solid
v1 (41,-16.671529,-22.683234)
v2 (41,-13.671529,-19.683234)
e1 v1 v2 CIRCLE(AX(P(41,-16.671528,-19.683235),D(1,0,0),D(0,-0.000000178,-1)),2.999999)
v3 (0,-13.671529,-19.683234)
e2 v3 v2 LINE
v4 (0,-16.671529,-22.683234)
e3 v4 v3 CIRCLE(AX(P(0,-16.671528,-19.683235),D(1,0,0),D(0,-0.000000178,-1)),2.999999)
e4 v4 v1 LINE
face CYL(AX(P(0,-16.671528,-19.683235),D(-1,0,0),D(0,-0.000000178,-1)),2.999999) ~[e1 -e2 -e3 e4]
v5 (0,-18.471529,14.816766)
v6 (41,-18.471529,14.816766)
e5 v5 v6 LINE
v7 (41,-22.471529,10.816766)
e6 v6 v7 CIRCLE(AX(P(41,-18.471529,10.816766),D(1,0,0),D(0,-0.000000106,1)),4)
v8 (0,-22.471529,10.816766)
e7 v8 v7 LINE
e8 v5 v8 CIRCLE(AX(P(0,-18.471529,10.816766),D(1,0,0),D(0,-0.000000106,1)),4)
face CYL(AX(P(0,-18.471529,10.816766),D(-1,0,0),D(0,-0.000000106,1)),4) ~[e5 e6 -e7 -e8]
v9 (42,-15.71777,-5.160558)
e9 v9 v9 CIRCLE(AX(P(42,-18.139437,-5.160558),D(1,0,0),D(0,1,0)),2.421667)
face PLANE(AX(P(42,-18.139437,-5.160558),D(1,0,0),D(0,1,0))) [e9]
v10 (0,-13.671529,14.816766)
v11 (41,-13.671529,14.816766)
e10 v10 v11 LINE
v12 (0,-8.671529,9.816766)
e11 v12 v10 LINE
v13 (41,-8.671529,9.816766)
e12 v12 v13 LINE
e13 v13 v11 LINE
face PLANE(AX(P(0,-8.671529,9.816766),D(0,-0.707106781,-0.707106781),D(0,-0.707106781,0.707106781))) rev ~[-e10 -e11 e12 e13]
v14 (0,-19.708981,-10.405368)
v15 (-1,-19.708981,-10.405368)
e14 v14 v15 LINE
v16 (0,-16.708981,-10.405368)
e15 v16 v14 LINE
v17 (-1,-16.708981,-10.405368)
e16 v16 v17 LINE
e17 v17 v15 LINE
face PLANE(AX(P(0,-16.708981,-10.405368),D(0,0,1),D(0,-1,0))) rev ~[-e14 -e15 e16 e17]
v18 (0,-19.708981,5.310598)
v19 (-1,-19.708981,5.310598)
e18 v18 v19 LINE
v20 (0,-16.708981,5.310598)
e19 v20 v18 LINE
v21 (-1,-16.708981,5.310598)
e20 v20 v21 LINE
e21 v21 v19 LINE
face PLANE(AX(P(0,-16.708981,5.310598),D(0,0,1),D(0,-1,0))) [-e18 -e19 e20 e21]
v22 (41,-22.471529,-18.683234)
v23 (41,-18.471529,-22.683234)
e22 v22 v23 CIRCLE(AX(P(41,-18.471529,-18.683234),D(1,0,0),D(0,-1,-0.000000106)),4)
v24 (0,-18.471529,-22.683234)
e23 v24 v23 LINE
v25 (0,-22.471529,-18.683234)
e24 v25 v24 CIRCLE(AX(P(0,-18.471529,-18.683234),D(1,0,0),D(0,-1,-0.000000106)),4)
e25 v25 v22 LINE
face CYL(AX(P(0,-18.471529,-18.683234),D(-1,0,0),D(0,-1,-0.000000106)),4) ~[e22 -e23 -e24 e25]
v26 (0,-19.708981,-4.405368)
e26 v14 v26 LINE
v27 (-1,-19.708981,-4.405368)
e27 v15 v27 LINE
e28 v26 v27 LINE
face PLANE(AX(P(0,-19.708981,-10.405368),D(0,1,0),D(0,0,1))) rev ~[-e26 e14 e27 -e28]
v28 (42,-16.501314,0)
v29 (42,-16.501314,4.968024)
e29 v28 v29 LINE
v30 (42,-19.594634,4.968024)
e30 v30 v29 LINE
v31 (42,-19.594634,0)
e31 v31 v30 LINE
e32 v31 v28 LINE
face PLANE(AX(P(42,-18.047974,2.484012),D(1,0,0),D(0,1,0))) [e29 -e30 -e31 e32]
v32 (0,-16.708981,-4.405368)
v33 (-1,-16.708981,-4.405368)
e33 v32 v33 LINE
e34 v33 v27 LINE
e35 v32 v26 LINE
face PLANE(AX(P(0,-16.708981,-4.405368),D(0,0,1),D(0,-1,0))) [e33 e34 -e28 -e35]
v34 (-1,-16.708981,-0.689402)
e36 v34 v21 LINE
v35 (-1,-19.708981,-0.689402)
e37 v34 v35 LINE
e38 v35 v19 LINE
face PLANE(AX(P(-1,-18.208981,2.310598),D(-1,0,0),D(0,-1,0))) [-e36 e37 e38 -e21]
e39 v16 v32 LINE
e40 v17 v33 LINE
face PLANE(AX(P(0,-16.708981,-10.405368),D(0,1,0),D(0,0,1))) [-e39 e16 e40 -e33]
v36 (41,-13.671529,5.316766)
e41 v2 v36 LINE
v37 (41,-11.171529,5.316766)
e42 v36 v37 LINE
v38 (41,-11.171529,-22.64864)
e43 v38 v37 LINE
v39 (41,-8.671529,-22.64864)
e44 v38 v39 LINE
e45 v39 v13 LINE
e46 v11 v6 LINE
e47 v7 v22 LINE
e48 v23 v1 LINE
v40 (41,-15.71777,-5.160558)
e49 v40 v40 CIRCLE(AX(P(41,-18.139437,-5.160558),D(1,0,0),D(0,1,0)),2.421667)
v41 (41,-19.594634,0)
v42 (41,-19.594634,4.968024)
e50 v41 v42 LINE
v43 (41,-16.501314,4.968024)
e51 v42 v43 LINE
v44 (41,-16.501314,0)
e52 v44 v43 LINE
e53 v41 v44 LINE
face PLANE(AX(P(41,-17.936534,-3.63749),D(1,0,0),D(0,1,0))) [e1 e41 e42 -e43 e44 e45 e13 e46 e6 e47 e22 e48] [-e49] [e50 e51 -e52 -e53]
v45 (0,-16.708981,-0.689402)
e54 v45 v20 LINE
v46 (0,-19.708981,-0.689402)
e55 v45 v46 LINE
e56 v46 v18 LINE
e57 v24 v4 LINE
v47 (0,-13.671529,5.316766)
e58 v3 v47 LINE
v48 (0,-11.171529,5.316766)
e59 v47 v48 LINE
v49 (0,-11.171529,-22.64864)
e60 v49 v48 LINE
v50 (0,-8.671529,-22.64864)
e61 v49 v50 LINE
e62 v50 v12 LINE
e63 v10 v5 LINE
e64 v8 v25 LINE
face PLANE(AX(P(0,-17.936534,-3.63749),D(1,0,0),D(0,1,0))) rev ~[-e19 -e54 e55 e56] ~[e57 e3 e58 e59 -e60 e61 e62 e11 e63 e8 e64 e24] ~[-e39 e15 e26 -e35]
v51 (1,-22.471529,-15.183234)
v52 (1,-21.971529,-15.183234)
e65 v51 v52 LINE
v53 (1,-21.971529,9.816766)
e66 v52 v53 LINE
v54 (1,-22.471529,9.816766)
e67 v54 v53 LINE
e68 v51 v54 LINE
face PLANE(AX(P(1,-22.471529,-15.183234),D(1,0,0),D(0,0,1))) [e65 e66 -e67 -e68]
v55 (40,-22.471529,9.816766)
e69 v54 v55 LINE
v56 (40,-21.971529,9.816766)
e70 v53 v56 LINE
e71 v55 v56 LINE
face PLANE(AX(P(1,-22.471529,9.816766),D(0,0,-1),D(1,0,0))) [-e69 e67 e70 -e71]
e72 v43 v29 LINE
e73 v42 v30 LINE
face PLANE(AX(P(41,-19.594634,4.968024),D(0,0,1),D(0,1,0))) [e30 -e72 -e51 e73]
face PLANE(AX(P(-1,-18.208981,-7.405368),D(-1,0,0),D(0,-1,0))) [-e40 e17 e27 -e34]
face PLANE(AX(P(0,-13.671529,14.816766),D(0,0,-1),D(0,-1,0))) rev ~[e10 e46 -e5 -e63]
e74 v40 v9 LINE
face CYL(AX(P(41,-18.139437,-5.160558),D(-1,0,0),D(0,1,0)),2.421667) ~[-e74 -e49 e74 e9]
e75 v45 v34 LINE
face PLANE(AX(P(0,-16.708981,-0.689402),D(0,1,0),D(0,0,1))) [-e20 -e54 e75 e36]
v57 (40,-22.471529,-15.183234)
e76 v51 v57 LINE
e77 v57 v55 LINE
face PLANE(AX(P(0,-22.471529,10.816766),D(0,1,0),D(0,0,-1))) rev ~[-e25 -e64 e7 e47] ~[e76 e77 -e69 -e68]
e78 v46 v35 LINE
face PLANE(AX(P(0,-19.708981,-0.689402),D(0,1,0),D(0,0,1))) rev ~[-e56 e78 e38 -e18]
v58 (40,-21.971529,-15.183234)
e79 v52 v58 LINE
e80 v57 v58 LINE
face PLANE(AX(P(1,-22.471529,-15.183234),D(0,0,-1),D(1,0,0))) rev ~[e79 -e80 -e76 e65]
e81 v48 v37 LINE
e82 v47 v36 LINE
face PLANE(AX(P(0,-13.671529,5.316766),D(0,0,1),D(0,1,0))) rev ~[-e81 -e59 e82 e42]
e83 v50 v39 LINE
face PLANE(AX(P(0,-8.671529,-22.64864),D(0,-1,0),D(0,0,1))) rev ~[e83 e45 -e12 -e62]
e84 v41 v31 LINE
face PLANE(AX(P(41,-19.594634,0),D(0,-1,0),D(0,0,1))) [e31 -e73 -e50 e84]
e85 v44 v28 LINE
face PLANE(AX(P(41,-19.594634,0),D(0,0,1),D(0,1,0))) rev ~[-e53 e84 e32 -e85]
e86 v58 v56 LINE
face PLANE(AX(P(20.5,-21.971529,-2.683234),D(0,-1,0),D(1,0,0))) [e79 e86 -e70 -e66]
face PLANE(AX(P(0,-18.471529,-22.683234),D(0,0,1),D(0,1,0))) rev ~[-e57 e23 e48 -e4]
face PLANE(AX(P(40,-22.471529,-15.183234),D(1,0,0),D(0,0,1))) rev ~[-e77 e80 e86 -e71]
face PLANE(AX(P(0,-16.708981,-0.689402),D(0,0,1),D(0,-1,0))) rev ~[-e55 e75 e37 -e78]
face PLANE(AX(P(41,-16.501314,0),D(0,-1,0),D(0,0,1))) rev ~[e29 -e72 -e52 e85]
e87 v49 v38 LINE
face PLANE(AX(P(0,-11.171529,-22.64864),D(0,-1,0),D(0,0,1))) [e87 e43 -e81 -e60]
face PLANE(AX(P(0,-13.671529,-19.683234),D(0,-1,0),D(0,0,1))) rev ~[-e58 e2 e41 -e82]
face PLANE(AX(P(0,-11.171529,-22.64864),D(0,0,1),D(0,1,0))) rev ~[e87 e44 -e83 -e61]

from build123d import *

# Parameters (mm, degrees)
F0_W     = 2.5
F0_H     = 27.965406
F1_DEPTH = 41
F2_W     = 3.093319
F2_H     = 4.968024
F2_R     = 2.421667
F3_DEPTH = 1
F4_W     = 3
F4_H     = 6
F5_DEPTH = 1
F6_W     = 39
F6_H     = 25
F7_DEPTH = 0.5


with BuildPart() as f1:
    # F0 (on Right) → F1 (new body)
    with BuildSketch(Plane.YZ):
        with BuildLine():
            Line((-13.671529, 14.816766), (-18.471529, 14.816766))
            ThreePointArc((-18.471529, 14.816766), (-21.299956, 13.645193), (-22.471529, 10.816766))
            Line((-22.471529, 10.816766), (-22.471529, -18.683234))
            ThreePointArc((-22.471529, -18.683234), (-21.299956, -21.511661), (-18.471529, -22.683234))
            Line((-18.471529, -22.683234), (-16.671529, -22.683234))
            ThreePointArc((-16.671529, -22.683234), (-14.550208, -21.804554), (-13.671529, -19.683234))
            Line((-13.671529, -19.683234), (-13.671529, 5.316766))
            Line((-13.671529, 5.316766), (-13.671529, 9.816766))
            Line((-13.671529, 9.816766), (-13.671529, 14.816766))
        make_face()
        Polygon((-8.671529, 9.816766), (-13.671529, 9.816766), (-13.671529, 5.316766), (-11.171529, 5.316766), (-8.671529, 5.316766), align=None)
        Polygon((-8.671529, 9.816766), (-13.671529, 14.816766), (-13.671529, 9.816766), align=None)
        with Locations((-9.921529, -8.665937)):
            Rectangle(F0_W, F0_H)
    extrude(amount=F1_DEPTH)

    # F2 (on face) → F3 (join)
    with BuildSketch(Plane.YZ.offset(41)):
        with Locations((-18.047974, 2.484012)):
            Rectangle(F2_W, F2_H)
        with Locations((-18.139437, -5.160558)):
            Circle(F2_R)
    extrude(amount=F3_DEPTH)

    # F4 (on face) → F5 (join)
    with BuildSketch(Plane(origin=(0, 0, 0), x_dir=(0, -1, 0), z_dir=(-1, 0, 0))):
        with Locations((18.208981, 2.310598)):
            Rectangle(F4_W, F4_H)
        with Locations((18.208981, -7.405368)):
            Rectangle(F4_W, F4_H)
    extrude(amount=F5_DEPTH)

    # F6 (on face) → F7 (cut)
    with BuildSketch(Plane.XZ.offset(22.471529)):
        with Locations((20.5, -2.683234)):
            Rectangle(F6_W, F6_H)
    extrude(amount=-F7_DEPTH, mode=Mode.SUBTRACT)


solid = f1.part
